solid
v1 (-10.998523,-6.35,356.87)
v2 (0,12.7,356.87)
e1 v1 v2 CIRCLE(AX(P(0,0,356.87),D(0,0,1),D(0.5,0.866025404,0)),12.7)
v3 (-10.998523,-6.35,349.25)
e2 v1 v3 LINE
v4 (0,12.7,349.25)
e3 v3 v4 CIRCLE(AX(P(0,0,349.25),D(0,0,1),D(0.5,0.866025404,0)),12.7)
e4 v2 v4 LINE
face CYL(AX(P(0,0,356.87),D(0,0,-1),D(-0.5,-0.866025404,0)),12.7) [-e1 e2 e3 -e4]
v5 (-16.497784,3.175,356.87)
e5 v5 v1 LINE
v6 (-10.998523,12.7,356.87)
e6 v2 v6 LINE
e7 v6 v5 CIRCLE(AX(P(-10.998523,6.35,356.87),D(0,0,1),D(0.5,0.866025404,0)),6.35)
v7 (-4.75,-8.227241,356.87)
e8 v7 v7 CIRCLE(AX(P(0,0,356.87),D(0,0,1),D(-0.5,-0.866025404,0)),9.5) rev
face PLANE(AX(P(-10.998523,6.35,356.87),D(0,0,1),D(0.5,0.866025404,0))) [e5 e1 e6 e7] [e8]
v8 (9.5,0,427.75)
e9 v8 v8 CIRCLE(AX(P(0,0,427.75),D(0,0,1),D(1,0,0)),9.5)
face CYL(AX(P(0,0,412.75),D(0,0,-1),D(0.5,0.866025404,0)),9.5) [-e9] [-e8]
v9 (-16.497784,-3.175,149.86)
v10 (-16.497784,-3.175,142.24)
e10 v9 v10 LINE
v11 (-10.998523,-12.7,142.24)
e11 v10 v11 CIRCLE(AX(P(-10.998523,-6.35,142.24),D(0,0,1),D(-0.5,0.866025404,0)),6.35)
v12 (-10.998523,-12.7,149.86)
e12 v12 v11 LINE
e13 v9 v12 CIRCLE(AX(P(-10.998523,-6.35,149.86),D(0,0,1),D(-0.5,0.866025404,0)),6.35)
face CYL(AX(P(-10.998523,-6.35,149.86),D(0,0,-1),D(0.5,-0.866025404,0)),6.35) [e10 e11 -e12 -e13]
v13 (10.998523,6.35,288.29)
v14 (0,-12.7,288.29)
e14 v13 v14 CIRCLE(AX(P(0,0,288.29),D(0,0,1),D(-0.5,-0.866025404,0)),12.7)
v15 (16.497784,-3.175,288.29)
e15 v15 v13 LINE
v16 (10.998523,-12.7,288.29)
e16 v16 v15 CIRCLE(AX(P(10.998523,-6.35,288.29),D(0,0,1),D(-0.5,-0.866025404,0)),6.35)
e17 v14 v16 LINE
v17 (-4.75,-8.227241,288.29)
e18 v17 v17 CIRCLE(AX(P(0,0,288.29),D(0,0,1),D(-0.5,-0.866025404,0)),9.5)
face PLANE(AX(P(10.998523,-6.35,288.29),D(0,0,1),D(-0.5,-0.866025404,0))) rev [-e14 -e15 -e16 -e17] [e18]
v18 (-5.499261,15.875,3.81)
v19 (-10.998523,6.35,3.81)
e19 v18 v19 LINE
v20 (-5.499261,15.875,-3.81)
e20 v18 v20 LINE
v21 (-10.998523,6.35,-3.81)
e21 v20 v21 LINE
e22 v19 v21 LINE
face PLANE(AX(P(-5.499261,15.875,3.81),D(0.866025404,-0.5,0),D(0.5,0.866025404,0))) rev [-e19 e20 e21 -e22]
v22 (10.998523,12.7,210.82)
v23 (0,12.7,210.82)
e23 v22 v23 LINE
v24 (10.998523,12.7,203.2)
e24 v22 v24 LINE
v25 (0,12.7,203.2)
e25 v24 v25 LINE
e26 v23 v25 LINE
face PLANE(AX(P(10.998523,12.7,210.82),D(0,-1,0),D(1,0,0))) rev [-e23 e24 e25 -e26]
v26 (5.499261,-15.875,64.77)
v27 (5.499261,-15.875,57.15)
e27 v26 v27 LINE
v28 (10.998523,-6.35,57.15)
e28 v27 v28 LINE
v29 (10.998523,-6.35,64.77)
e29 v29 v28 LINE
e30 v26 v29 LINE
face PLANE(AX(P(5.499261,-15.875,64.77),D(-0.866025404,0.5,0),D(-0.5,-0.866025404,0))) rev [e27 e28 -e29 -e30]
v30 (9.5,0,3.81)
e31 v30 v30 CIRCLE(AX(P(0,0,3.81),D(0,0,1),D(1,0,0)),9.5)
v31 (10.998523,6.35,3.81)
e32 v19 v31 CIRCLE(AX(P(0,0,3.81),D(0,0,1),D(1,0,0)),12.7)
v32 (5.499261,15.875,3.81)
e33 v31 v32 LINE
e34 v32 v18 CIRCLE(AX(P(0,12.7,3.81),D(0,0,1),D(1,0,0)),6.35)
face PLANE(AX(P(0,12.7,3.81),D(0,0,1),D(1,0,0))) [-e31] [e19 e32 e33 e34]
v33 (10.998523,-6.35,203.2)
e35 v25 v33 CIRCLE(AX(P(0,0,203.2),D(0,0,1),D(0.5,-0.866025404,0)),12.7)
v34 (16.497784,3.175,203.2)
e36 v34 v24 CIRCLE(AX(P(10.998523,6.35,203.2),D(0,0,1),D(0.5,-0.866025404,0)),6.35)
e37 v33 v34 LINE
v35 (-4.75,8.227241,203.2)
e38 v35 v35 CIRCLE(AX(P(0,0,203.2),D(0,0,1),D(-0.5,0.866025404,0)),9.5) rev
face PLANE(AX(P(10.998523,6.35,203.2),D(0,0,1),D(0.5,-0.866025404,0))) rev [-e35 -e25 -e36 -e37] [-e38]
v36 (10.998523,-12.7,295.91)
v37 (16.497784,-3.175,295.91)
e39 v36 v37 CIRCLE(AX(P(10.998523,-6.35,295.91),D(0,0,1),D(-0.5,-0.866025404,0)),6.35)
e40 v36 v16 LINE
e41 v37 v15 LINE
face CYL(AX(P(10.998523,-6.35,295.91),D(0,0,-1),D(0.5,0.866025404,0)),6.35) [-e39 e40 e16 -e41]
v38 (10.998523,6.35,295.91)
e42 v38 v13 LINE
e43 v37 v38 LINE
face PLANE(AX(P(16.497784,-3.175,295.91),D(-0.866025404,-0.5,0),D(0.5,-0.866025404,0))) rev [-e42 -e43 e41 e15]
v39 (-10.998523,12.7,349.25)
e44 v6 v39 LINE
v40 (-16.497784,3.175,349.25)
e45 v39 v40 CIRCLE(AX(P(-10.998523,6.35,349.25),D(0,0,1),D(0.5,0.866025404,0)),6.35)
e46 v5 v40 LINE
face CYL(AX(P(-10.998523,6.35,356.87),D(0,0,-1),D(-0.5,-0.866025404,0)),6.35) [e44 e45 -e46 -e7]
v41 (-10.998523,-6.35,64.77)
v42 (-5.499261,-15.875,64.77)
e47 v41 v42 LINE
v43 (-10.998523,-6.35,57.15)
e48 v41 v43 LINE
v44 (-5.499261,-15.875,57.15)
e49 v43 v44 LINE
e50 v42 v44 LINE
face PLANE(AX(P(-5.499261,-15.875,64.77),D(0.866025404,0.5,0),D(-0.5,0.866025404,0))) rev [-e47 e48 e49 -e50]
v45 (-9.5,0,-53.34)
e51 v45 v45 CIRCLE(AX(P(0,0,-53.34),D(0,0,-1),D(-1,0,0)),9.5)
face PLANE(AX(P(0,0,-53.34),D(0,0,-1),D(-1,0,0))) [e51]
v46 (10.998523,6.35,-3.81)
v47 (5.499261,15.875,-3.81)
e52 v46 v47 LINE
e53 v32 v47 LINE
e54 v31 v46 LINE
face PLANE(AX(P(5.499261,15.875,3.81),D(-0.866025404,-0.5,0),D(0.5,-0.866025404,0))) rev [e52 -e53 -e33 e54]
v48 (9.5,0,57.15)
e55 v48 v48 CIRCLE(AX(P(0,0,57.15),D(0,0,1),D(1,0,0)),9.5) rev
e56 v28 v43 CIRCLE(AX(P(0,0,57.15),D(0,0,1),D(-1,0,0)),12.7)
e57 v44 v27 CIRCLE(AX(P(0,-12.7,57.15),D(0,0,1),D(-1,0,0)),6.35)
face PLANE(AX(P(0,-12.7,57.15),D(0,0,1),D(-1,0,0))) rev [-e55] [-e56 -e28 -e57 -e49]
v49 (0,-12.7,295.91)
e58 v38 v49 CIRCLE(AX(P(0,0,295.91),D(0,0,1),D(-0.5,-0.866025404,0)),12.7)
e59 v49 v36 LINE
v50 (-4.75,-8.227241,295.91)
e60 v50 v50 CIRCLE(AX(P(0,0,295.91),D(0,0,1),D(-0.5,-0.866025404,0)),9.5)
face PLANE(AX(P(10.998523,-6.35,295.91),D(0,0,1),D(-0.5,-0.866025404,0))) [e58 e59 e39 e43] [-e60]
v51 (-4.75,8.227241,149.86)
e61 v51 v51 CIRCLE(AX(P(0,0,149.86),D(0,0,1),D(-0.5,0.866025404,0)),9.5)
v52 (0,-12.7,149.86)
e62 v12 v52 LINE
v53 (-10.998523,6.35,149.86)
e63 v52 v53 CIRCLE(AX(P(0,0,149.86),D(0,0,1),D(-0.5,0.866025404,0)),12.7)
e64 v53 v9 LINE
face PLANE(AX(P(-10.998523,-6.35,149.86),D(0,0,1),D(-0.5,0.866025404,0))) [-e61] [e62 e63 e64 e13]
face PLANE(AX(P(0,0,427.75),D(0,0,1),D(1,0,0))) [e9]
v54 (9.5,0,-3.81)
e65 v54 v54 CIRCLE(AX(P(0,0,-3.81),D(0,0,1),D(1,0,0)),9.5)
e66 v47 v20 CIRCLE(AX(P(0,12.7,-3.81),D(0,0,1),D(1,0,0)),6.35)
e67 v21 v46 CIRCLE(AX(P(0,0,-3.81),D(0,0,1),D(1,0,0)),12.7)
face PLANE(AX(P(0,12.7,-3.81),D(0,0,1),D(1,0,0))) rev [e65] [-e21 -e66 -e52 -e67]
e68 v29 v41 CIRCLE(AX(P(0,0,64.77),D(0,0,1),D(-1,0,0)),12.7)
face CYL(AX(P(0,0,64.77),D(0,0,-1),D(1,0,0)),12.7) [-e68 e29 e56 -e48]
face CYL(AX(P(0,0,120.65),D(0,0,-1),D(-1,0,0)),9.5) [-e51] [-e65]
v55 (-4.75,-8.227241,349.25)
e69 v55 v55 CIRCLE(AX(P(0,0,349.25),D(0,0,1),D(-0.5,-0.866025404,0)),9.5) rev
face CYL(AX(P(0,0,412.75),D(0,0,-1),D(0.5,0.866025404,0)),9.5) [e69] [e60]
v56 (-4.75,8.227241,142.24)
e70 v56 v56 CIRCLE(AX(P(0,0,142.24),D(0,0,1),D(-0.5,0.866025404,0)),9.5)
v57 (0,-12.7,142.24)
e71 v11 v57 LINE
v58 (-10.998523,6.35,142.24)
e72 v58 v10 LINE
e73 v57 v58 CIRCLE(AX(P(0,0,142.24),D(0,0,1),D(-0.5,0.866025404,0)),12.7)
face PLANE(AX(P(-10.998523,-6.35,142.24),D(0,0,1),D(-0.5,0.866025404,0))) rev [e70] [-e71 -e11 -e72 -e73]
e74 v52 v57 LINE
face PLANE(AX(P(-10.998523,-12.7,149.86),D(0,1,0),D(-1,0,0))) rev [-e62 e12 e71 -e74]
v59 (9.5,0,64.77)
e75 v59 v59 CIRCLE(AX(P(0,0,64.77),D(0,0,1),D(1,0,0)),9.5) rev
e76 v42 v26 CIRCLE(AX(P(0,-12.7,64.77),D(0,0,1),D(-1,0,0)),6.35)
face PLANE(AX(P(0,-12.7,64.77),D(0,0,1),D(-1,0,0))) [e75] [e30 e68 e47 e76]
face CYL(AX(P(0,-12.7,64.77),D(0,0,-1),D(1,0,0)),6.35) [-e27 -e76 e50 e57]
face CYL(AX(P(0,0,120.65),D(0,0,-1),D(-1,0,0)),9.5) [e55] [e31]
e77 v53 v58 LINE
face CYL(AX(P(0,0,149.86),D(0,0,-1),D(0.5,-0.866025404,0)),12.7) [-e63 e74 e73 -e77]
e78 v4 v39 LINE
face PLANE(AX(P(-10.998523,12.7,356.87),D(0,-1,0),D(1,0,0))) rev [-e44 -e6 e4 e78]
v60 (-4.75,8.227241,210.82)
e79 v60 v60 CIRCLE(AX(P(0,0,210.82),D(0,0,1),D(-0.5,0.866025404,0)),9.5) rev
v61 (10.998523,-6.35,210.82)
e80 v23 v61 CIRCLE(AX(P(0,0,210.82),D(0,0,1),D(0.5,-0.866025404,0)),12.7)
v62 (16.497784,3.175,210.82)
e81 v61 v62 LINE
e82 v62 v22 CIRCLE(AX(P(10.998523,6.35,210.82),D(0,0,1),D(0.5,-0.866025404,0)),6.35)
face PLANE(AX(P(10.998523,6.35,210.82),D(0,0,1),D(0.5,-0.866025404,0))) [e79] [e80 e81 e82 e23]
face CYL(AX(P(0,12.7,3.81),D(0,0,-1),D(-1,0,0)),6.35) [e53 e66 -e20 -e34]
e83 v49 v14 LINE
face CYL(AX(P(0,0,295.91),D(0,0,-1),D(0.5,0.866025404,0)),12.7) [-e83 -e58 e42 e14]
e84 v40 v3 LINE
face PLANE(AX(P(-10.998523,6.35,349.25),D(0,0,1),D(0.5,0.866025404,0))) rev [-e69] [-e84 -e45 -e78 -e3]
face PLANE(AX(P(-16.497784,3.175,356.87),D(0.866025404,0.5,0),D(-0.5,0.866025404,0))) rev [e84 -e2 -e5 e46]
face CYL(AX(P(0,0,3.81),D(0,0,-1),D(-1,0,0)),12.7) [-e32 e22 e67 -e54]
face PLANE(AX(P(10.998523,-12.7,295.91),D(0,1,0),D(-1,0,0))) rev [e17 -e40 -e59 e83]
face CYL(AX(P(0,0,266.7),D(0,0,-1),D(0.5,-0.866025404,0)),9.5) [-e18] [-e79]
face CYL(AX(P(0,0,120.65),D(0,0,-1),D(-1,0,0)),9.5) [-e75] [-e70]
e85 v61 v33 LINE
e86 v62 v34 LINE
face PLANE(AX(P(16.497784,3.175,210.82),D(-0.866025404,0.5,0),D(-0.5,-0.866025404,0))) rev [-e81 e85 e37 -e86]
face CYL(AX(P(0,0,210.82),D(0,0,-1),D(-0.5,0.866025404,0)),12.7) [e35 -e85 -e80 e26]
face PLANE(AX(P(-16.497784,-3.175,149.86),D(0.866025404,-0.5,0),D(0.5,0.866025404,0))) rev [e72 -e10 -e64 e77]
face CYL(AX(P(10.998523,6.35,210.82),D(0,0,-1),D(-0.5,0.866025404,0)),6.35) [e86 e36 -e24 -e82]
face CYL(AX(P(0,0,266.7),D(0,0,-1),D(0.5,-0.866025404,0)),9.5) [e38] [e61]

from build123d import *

# Parameters (mm, degrees)
BOSS_EXTRUDE1_DEPTH   = 3.81
BODY_MOVE_COPY2_ANGLE = 180
BOSS_EXTRUDE2_START   = -25.4
SKETCH2_R             = 9.5
BOSS_EXTRUDE2_DEPTH   = 146.05
LPATTERN1_COUNT       = 3
LPATTERN1_PITCH       = 146.05
BODY_MOVE_COPY3_ANGLE = 120
BODY_MOVE_COPY4_ANGLE = 120
BOSS_EXTRUDE3_START   = 27.94
SKETCH3_R             = 9.5
BOSS_EXTRUDE3_DEPTH   = 27.94
SKETCH4_R             = 9.5
BOSS_EXTRUDE4_DEPTH   = 15


with BuildPart() as part:
    # Sketch1 → Boss-Extrude1 (new, symmetric)
    with BuildSketch(Plane.XY):
        with BuildLine():
            Line((-5.499261314, 15.875), (-10.998522628, 6.35))
            ThreePointArc((-10.998522628, 6.35), (0, -12.7), (10.998522628, 6.35))
            Line((10.998522628, 6.35), (5.499261314, 15.875))
            ThreePointArc((5.499261314, 15.875), (0, 19.05), (-5.499261314, 15.875))
        make_face()
    extrude(amount=BOSS_EXTRUDE1_DEPTH, both=True)


with BuildPart() as body_2:
    # Body-Move/Copy1: copy of part
    add(part.part.moved(Location((0, 0, 60.96))))


with BuildPart() as body_2_1:
    # Body-Move/Copy2: moved
    add(body_2.part.rotate(Axis((0, 0, 0), (0, 0, 1)), BODY_MOVE_COPY2_ANGLE))


with BuildPart() as part_1:
    add(part.part)

    add(body_2_1.part)  # Boss-Extrude2 merges body 2
    # Sketch2 → Boss-Extrude2 (add)
    with BuildSketch(Plane.XY.offset(BOSS_EXTRUDE2_START)):
        Circle(SKETCH2_R)
    extrude(amount=BOSS_EXTRUDE2_DEPTH)


with BuildPart() as lpattern1_1:
    # LPattern1: pattern copy
    add(part_1.part.moved(Location(Vector(0, 0, 1) * (1 * LPATTERN1_PITCH))))


with BuildPart() as lpattern1_2:
    # LPattern1: pattern copy
    add(part_1.part.moved(Location(Vector(0, 0, 1) * (2 * LPATTERN1_PITCH))))


with BuildPart() as lpattern1_1_1:
    # Body-Move/Copy3: moved
    add(lpattern1_1.part.rotate(Axis((0, 0, 0), (0, 0, 1)), BODY_MOVE_COPY3_ANGLE))


with BuildPart() as lpattern1_2_1:
    # Body-Move/Copy4: moved
    add(lpattern1_2.part.rotate(Axis((0, 0, 0), (0, 0, -1)), BODY_MOVE_COPY4_ANGLE))


with BuildPart() as part_2:
    add(part_1.part)

    # Sketch3 → Boss-Extrude3 (add)
    with BuildSketch(Plane(origin=(0, 0, -25.4), x_dir=(-1, 0, 0), z_dir=(0, 0, -1)).offset(BOSS_EXTRUDE3_START)):
        Circle(SKETCH3_R)
    extrude(amount=-BOSS_EXTRUDE3_DEPTH)

    # Combine1: union LPattern1_1, LPattern1_2
    add(lpattern1_1_1.part)
    add(lpattern1_2_1.part)

    # Sketch4 → Boss-Extrude4 (add)
    with BuildSketch(Plane.XY.offset(412.75)):
        Circle(SKETCH4_R)
    extrude(amount=BOSS_EXTRUDE4_DEPTH)


solid = part_2.part
